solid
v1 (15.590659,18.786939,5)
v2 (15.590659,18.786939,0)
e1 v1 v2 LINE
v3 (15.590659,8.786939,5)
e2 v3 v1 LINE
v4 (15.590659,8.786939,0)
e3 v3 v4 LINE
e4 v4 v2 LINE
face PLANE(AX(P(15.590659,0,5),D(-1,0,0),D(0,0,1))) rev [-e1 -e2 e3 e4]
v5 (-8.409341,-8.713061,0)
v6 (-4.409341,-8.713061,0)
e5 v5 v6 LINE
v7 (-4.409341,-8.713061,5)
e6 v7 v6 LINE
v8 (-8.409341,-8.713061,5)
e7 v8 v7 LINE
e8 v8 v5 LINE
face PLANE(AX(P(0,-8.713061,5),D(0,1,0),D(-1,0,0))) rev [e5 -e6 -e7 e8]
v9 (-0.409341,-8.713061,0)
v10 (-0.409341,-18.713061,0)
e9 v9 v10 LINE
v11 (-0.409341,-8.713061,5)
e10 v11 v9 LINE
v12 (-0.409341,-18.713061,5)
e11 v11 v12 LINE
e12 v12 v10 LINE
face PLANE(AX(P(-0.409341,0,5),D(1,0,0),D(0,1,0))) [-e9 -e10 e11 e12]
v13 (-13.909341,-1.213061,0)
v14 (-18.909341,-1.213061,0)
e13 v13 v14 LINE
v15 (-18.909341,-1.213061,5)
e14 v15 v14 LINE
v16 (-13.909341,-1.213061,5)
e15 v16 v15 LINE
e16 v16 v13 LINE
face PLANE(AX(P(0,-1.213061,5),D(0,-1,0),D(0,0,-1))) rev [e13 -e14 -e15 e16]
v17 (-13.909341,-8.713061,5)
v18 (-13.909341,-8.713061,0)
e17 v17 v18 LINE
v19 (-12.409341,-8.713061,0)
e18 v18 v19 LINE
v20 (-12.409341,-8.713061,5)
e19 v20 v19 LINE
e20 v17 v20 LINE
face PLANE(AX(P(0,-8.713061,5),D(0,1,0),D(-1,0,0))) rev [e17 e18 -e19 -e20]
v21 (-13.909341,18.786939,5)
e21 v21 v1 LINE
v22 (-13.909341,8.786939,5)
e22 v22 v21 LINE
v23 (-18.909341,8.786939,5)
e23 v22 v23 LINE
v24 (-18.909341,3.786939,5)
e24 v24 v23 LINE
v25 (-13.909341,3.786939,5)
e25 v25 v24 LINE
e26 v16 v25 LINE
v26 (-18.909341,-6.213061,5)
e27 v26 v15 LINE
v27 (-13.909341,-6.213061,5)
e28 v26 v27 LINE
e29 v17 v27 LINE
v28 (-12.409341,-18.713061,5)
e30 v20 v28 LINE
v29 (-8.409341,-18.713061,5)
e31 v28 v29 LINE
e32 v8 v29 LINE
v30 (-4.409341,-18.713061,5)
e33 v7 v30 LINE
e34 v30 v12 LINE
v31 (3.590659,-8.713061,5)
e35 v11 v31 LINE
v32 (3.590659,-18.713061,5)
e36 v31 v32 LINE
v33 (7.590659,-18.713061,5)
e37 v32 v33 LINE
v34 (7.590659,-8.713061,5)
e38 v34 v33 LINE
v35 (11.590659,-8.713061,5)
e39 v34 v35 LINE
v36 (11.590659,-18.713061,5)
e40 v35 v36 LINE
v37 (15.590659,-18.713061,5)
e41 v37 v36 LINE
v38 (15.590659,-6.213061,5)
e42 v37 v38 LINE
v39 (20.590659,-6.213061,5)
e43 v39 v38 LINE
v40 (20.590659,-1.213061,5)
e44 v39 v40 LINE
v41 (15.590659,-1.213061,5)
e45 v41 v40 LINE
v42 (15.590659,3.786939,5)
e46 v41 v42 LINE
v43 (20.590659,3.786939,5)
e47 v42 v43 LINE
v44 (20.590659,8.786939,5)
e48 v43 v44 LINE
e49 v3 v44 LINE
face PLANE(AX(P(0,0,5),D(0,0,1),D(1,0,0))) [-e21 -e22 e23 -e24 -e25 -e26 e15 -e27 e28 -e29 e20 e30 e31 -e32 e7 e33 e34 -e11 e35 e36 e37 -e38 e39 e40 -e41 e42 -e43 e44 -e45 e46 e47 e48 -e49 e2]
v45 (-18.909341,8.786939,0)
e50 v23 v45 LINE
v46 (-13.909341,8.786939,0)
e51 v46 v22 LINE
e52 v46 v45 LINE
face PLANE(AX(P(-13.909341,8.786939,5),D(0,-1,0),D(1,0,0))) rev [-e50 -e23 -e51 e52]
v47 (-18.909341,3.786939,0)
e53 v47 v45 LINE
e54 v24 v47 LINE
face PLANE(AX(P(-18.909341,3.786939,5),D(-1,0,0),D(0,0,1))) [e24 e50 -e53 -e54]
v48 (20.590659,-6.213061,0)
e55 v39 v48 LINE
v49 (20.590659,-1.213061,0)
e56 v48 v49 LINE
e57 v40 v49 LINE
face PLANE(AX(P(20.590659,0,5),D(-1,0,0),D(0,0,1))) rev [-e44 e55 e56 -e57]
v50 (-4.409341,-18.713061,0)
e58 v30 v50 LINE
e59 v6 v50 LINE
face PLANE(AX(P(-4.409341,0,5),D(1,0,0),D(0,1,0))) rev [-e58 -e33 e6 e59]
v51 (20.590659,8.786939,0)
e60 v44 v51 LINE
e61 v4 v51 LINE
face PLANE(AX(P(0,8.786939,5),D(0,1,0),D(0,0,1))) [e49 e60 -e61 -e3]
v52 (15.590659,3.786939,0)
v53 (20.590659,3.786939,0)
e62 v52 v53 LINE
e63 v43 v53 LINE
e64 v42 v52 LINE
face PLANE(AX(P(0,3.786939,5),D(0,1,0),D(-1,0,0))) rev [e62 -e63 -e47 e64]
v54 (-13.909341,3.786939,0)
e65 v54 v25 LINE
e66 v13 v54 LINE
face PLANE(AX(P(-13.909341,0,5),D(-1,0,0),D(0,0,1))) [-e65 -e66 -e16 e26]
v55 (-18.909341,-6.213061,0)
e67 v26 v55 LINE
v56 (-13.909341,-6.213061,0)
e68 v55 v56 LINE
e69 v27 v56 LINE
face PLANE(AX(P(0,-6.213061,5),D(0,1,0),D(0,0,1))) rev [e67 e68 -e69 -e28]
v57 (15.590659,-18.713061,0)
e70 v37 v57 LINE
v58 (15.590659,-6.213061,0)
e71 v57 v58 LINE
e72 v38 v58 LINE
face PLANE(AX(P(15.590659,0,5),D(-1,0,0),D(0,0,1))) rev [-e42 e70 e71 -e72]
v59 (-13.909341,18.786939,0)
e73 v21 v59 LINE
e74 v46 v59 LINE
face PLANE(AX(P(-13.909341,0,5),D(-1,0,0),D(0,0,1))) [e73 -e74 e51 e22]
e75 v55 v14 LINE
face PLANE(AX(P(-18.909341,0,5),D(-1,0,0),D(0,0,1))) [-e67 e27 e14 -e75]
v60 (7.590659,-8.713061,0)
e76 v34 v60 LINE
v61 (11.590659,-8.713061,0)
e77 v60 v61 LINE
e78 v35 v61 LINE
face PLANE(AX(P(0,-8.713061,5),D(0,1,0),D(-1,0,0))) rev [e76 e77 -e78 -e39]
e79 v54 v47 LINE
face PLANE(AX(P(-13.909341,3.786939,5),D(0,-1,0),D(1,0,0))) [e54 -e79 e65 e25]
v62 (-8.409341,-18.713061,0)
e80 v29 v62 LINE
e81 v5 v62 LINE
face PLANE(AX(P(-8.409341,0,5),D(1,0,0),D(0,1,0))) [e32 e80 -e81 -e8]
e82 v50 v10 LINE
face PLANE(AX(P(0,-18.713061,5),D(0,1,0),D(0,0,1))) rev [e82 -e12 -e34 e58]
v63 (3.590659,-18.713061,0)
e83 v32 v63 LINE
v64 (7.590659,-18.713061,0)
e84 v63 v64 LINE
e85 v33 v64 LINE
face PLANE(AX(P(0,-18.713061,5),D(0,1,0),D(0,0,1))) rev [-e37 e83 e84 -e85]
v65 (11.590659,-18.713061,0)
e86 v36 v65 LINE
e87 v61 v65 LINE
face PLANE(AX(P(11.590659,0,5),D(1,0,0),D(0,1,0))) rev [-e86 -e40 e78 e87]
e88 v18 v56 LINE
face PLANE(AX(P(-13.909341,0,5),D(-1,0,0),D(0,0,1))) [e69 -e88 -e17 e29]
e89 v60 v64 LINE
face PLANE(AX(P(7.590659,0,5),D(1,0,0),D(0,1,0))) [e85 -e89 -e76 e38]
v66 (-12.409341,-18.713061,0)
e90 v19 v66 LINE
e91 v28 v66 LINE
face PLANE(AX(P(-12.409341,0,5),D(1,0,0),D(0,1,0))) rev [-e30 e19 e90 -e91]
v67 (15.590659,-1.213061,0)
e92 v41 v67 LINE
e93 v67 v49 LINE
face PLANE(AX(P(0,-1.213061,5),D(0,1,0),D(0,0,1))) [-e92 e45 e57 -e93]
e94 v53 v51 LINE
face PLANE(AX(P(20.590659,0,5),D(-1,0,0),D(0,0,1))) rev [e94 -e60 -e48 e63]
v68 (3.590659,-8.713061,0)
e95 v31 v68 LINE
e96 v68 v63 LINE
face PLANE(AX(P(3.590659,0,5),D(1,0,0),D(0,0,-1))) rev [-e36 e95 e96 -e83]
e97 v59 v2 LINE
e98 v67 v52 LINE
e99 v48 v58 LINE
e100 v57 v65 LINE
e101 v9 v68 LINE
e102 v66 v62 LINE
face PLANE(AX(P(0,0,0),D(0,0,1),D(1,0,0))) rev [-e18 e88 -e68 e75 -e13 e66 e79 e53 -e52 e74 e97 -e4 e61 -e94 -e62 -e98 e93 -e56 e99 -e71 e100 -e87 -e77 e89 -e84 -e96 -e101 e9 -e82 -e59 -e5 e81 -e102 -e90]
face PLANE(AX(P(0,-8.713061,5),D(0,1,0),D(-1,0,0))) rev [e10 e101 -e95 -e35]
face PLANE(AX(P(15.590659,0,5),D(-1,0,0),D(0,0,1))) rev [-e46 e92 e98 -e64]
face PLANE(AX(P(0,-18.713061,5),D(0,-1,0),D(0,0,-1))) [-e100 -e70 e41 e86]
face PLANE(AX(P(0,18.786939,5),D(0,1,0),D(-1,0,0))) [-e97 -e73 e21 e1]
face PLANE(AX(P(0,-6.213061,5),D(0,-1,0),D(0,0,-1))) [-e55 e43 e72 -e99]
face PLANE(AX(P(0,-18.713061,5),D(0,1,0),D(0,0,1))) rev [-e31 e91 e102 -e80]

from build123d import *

# Parameters (mm, degrees)
BOSS_EXTRU_1_DEPTH = 5


with BuildPart() as part:
    # Esquisse2 → Boss.-Extru.1 (new body)
    with BuildSketch(Plane.XY):
        Polygon((-13.909341466, -8.713061229), (-12.409341466, -8.713061229), (-12.409341466, -18.713061229), (-8.409341466, -18.713061229), (-8.409341466, -8.713061229), (-4.409341466, -8.713061229), (-4.409341466, -18.713061229), (-0.409341466, -18.713061229), (-0.409341466, -8.713061229), (3.590658534, -8.713061229), (3.590658534, -18.713061229), (7.590658534, -18.713061229), (7.590658534, -8.713061229), (11.590658534, -8.713061229), (11.590658534, -18.713061229), (15.590658534, -18.713061229), (15.590658534, -6.213061229), (20.590658534, -6.213061229), (20.590658534, -1.213061229), (15.590658534, -1.213061229), (15.590658534, 3.786938771), (20.590658534, 3.786938771), (20.590658534, 8.786938771), (15.590658534, 8.786938771), (15.590658534, 18.786938771), (-13.909341466, 18.786938771), (-13.909341466, 8.786938771), (-18.909341466, 8.786938771), (-18.909341466, 3.786938771), (-13.909341466, 3.786938771), (-13.909341466, -1.213061229), (-18.909341466, -1.213061229), (-18.909341466, -6.213061229), (-13.909341466, -6.213061229), align=None)
    extrude(amount=BOSS_EXTRU_1_DEPTH)


solid = part.part
